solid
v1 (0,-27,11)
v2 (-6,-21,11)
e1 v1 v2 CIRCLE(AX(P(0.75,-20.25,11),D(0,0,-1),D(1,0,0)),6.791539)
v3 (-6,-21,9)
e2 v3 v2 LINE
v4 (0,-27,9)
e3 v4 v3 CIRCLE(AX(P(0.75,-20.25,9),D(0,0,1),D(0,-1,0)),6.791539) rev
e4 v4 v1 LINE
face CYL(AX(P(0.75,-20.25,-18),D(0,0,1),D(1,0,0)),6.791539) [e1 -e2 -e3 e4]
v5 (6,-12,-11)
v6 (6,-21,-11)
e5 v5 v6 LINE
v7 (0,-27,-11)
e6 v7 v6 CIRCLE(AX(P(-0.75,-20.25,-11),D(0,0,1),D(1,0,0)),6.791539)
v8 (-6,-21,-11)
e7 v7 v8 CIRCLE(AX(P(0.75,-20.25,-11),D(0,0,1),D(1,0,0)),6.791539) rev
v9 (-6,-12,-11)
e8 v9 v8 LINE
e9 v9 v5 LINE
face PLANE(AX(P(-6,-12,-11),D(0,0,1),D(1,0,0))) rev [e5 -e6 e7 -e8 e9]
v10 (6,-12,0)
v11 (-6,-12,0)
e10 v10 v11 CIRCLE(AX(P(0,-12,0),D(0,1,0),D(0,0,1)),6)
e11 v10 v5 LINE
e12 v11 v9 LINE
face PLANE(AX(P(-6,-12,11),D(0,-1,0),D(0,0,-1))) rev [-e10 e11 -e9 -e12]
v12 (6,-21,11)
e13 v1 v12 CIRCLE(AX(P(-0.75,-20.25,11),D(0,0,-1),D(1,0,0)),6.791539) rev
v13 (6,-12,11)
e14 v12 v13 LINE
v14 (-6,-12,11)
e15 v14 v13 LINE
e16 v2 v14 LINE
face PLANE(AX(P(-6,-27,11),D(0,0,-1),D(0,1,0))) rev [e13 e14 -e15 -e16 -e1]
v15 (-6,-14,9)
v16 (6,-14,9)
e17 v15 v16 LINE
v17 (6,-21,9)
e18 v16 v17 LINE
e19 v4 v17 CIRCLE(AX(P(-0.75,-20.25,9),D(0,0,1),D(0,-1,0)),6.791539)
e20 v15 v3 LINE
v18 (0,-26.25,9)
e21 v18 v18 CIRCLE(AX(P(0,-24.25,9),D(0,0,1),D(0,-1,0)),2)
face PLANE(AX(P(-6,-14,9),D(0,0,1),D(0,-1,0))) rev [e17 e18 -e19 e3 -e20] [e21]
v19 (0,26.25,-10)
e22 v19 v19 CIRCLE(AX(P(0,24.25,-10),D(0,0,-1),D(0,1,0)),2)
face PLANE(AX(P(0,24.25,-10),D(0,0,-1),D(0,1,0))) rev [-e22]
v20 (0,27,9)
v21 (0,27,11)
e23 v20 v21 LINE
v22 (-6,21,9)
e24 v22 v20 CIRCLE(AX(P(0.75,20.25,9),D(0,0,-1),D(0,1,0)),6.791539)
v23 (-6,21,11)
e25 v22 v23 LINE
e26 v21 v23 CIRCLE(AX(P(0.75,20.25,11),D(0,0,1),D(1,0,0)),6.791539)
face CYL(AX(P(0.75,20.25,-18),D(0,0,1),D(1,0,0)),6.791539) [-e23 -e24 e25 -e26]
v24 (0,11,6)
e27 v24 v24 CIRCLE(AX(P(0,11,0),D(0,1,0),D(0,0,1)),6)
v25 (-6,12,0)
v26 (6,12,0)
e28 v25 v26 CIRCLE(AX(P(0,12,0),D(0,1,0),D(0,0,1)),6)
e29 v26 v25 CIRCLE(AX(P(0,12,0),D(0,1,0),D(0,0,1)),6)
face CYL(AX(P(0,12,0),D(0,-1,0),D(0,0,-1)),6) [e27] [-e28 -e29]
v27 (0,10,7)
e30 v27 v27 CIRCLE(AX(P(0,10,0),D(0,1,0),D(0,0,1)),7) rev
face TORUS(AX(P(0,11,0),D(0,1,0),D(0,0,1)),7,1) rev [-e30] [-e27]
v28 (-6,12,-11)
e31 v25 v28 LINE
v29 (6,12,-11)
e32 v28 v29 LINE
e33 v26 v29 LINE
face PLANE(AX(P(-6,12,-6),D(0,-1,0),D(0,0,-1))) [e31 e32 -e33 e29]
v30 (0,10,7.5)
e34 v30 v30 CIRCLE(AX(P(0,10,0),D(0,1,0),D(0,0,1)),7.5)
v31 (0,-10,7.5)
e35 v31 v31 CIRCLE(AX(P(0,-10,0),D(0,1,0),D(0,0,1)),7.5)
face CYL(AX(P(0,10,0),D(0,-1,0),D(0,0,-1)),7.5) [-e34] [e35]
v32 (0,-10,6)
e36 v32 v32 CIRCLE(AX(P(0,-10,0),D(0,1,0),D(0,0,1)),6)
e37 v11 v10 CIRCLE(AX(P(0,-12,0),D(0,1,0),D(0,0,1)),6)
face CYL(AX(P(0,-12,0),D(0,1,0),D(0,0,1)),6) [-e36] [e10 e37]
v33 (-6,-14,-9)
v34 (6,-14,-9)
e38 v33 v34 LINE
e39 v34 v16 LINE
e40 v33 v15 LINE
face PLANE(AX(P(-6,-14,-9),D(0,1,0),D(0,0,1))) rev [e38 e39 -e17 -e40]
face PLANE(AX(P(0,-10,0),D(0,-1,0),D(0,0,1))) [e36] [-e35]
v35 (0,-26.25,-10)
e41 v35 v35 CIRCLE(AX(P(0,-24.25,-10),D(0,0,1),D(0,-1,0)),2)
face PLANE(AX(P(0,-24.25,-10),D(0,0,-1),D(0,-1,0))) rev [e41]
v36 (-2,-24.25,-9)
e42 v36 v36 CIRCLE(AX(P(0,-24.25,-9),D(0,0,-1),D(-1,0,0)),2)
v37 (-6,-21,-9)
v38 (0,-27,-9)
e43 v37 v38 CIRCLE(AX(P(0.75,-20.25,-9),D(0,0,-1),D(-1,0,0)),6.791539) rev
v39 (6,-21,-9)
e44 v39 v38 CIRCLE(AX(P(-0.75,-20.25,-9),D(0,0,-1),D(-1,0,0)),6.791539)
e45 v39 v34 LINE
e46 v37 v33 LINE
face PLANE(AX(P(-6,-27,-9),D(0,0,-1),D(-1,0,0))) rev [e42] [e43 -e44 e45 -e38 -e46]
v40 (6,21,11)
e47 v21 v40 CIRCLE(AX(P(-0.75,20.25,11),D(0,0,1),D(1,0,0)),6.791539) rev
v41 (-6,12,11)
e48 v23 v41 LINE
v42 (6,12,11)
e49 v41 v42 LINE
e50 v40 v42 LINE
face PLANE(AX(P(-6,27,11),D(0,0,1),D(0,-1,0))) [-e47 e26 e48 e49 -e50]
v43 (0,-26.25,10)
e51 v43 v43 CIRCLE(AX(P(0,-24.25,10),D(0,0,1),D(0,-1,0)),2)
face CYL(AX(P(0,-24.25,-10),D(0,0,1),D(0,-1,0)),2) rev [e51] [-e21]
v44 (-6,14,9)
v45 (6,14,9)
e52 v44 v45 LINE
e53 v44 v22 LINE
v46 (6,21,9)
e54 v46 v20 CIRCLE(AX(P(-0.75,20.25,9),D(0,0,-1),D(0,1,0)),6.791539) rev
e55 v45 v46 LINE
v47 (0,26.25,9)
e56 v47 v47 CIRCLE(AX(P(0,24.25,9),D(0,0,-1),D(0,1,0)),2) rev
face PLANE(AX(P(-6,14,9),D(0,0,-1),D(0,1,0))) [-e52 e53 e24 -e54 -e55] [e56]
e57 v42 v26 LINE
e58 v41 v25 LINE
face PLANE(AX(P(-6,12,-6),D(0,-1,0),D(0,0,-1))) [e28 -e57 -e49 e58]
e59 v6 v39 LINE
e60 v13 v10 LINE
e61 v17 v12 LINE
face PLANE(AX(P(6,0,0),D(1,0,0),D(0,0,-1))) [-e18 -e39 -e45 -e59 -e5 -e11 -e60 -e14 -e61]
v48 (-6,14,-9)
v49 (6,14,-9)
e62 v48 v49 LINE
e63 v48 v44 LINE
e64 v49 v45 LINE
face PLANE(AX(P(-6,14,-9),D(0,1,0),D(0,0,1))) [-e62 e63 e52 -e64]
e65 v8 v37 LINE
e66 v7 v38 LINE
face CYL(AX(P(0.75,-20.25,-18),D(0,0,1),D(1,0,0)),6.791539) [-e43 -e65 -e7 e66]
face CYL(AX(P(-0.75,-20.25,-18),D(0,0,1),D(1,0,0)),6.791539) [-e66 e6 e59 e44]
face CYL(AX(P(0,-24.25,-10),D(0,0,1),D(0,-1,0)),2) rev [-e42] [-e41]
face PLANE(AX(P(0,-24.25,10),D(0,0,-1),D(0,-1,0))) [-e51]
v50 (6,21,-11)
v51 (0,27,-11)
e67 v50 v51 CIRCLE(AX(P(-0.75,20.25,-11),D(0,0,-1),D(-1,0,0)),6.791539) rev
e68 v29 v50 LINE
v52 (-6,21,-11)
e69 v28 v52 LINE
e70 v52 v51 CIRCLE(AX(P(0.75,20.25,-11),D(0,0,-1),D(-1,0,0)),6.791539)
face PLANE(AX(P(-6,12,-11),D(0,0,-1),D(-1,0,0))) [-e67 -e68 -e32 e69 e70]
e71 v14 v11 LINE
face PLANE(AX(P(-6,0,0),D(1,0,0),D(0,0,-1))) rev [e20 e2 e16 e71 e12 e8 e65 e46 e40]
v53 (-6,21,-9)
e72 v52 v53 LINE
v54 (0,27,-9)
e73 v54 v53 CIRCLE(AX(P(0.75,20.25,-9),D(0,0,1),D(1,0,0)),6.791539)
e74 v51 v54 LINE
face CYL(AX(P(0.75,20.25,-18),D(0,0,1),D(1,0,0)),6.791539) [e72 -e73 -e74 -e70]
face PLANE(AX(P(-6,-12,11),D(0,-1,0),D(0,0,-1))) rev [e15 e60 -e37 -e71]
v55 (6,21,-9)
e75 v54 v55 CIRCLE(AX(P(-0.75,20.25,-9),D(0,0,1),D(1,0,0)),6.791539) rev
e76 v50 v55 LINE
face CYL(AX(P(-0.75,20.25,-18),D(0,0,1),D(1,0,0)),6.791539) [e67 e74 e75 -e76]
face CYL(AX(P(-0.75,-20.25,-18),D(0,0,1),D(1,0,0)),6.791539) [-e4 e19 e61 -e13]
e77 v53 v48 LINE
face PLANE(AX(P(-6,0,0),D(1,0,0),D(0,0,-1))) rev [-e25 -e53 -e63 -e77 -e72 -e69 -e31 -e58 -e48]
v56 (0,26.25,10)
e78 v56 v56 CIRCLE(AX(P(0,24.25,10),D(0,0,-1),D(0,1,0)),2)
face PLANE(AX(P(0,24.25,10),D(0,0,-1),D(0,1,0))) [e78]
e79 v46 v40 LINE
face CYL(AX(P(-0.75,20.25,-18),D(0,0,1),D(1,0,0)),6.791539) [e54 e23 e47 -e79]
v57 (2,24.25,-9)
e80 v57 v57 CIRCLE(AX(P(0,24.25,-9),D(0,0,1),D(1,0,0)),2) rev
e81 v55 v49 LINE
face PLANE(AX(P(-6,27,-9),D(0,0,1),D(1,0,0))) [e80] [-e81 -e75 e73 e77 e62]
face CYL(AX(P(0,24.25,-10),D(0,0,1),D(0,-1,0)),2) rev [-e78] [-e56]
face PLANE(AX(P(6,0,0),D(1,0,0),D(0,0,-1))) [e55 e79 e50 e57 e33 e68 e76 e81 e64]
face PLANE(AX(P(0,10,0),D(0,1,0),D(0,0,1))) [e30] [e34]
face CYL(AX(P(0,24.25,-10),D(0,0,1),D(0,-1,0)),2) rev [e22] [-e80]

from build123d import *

# Parameters (mm, degrees)
SKETCH1_R           = 7.5
BOSS_EXTRUDE1_DEPTH = 10
SKETCH5_R           = 6
BOSS_EXTRUDE2_DEPTH = 2
FILLET2_R           = 1
BOSS_EXTRUDE3_DEPTH = 6
CUT_EXTRUDE4_DEPTH  = 29
CUT_EXTRUDE5_START  = -1
SKETCH10_R          = 2
CUT_EXTRUDE5_DEPTH  = 20


with BuildPart() as part:
    # Sketch1 → Boss-Extrude1 (new body)
    with BuildSketch(Plane(origin=(0, 0, 0), x_dir=(1, 0, 0), z_dir=(0, 1, 0))):
        Circle(SKETCH1_R)
    boss_extrude1 = extrude(amount=BOSS_EXTRUDE1_DEPTH)

    # Sketch5 → Boss-Extrude2 (add)
    with BuildSketch(Plane(origin=(0, 10, 0), x_dir=(1, 0, 0), z_dir=(0, 1, 0))):
        Circle(SKETCH5_R)
    boss_extrude2 = extrude(amount=BOSS_EXTRUDE2_DEPTH)

    # Fillet2
    fillet2_edges = [part.edges().sort_by_distance(p)[0] for p in [
        (-6, 10, 0),
    ]]
    fillet(fillet2_edges, radius=FILLET2_R)

    # Sketch6 → Boss-Extrude3 (add, symmetric)
    with BuildSketch(Plane(origin=(0, 0, 0), x_dir=(0, 0, -1), z_dir=(1, 0, 0))):
        Polygon((6, 12), (-6, 12), (-11, 12), (-11, 27), (-9, 27), (-9, 14), (9, 14), (9, 27), (11, 27), (11, 12), align=None)
    boss_extrude3 = extrude(amount=BOSS_EXTRUDE3_DEPTH, both=True)

    # Sketch9 → Cut-Extrude4 (cut)
    with BuildSketch(Plane.XY.offset(11)):
        with BuildLine():
            Line((-6, 27), (-6, 21))
            ThreePointArc((-6, 21), (-4.052343178, 25.052343178), (0, 27))
            Line((0, 27), (-6, 27))
        make_face()
        with BuildLine():
            ThreePointArc((0, 27), (4.052343178, 25.052343178), (6, 21))
            Line((6, 21), (6, 27))
            Line((6, 27), (0, 27))
        make_face()
    cut_extrude4 = extrude(amount=-CUT_EXTRUDE4_DEPTH, mode=Mode.SUBTRACT)

    # Sketch10 → Cut-Extrude5 (cut)
    with BuildSketch(Plane(origin=(0, 0, 9), x_dir=(-1, 0, 0), z_dir=(0, 0, -1)).offset(CUT_EXTRUDE5_START)):
        with Locations((0, 24.25)):
            Circle(SKETCH10_R)
    cut_extrude5 = extrude(amount=CUT_EXTRUDE5_DEPTH, mode=Mode.SUBTRACT)

    # Mirror2: Boss-Extrude1 across plane
    add(boss_extrude1.mirror(Plane.ZX))

    # Mirror9: Boss-Extrude2, Boss-Extrude3 across plane
    add(boss_extrude2.mirror(Plane.ZX))
    add(boss_extrude3.mirror(Plane.ZX))

    # Mirror11: Cut-Extrude4, Cut-Extrude5 across plane
    add(cut_extrude4.mirror(Plane.ZX), mode=Mode.SUBTRACT)
    add(cut_extrude5.mirror(Plane.ZX), mode=Mode.SUBTRACT)


solid = part.part
